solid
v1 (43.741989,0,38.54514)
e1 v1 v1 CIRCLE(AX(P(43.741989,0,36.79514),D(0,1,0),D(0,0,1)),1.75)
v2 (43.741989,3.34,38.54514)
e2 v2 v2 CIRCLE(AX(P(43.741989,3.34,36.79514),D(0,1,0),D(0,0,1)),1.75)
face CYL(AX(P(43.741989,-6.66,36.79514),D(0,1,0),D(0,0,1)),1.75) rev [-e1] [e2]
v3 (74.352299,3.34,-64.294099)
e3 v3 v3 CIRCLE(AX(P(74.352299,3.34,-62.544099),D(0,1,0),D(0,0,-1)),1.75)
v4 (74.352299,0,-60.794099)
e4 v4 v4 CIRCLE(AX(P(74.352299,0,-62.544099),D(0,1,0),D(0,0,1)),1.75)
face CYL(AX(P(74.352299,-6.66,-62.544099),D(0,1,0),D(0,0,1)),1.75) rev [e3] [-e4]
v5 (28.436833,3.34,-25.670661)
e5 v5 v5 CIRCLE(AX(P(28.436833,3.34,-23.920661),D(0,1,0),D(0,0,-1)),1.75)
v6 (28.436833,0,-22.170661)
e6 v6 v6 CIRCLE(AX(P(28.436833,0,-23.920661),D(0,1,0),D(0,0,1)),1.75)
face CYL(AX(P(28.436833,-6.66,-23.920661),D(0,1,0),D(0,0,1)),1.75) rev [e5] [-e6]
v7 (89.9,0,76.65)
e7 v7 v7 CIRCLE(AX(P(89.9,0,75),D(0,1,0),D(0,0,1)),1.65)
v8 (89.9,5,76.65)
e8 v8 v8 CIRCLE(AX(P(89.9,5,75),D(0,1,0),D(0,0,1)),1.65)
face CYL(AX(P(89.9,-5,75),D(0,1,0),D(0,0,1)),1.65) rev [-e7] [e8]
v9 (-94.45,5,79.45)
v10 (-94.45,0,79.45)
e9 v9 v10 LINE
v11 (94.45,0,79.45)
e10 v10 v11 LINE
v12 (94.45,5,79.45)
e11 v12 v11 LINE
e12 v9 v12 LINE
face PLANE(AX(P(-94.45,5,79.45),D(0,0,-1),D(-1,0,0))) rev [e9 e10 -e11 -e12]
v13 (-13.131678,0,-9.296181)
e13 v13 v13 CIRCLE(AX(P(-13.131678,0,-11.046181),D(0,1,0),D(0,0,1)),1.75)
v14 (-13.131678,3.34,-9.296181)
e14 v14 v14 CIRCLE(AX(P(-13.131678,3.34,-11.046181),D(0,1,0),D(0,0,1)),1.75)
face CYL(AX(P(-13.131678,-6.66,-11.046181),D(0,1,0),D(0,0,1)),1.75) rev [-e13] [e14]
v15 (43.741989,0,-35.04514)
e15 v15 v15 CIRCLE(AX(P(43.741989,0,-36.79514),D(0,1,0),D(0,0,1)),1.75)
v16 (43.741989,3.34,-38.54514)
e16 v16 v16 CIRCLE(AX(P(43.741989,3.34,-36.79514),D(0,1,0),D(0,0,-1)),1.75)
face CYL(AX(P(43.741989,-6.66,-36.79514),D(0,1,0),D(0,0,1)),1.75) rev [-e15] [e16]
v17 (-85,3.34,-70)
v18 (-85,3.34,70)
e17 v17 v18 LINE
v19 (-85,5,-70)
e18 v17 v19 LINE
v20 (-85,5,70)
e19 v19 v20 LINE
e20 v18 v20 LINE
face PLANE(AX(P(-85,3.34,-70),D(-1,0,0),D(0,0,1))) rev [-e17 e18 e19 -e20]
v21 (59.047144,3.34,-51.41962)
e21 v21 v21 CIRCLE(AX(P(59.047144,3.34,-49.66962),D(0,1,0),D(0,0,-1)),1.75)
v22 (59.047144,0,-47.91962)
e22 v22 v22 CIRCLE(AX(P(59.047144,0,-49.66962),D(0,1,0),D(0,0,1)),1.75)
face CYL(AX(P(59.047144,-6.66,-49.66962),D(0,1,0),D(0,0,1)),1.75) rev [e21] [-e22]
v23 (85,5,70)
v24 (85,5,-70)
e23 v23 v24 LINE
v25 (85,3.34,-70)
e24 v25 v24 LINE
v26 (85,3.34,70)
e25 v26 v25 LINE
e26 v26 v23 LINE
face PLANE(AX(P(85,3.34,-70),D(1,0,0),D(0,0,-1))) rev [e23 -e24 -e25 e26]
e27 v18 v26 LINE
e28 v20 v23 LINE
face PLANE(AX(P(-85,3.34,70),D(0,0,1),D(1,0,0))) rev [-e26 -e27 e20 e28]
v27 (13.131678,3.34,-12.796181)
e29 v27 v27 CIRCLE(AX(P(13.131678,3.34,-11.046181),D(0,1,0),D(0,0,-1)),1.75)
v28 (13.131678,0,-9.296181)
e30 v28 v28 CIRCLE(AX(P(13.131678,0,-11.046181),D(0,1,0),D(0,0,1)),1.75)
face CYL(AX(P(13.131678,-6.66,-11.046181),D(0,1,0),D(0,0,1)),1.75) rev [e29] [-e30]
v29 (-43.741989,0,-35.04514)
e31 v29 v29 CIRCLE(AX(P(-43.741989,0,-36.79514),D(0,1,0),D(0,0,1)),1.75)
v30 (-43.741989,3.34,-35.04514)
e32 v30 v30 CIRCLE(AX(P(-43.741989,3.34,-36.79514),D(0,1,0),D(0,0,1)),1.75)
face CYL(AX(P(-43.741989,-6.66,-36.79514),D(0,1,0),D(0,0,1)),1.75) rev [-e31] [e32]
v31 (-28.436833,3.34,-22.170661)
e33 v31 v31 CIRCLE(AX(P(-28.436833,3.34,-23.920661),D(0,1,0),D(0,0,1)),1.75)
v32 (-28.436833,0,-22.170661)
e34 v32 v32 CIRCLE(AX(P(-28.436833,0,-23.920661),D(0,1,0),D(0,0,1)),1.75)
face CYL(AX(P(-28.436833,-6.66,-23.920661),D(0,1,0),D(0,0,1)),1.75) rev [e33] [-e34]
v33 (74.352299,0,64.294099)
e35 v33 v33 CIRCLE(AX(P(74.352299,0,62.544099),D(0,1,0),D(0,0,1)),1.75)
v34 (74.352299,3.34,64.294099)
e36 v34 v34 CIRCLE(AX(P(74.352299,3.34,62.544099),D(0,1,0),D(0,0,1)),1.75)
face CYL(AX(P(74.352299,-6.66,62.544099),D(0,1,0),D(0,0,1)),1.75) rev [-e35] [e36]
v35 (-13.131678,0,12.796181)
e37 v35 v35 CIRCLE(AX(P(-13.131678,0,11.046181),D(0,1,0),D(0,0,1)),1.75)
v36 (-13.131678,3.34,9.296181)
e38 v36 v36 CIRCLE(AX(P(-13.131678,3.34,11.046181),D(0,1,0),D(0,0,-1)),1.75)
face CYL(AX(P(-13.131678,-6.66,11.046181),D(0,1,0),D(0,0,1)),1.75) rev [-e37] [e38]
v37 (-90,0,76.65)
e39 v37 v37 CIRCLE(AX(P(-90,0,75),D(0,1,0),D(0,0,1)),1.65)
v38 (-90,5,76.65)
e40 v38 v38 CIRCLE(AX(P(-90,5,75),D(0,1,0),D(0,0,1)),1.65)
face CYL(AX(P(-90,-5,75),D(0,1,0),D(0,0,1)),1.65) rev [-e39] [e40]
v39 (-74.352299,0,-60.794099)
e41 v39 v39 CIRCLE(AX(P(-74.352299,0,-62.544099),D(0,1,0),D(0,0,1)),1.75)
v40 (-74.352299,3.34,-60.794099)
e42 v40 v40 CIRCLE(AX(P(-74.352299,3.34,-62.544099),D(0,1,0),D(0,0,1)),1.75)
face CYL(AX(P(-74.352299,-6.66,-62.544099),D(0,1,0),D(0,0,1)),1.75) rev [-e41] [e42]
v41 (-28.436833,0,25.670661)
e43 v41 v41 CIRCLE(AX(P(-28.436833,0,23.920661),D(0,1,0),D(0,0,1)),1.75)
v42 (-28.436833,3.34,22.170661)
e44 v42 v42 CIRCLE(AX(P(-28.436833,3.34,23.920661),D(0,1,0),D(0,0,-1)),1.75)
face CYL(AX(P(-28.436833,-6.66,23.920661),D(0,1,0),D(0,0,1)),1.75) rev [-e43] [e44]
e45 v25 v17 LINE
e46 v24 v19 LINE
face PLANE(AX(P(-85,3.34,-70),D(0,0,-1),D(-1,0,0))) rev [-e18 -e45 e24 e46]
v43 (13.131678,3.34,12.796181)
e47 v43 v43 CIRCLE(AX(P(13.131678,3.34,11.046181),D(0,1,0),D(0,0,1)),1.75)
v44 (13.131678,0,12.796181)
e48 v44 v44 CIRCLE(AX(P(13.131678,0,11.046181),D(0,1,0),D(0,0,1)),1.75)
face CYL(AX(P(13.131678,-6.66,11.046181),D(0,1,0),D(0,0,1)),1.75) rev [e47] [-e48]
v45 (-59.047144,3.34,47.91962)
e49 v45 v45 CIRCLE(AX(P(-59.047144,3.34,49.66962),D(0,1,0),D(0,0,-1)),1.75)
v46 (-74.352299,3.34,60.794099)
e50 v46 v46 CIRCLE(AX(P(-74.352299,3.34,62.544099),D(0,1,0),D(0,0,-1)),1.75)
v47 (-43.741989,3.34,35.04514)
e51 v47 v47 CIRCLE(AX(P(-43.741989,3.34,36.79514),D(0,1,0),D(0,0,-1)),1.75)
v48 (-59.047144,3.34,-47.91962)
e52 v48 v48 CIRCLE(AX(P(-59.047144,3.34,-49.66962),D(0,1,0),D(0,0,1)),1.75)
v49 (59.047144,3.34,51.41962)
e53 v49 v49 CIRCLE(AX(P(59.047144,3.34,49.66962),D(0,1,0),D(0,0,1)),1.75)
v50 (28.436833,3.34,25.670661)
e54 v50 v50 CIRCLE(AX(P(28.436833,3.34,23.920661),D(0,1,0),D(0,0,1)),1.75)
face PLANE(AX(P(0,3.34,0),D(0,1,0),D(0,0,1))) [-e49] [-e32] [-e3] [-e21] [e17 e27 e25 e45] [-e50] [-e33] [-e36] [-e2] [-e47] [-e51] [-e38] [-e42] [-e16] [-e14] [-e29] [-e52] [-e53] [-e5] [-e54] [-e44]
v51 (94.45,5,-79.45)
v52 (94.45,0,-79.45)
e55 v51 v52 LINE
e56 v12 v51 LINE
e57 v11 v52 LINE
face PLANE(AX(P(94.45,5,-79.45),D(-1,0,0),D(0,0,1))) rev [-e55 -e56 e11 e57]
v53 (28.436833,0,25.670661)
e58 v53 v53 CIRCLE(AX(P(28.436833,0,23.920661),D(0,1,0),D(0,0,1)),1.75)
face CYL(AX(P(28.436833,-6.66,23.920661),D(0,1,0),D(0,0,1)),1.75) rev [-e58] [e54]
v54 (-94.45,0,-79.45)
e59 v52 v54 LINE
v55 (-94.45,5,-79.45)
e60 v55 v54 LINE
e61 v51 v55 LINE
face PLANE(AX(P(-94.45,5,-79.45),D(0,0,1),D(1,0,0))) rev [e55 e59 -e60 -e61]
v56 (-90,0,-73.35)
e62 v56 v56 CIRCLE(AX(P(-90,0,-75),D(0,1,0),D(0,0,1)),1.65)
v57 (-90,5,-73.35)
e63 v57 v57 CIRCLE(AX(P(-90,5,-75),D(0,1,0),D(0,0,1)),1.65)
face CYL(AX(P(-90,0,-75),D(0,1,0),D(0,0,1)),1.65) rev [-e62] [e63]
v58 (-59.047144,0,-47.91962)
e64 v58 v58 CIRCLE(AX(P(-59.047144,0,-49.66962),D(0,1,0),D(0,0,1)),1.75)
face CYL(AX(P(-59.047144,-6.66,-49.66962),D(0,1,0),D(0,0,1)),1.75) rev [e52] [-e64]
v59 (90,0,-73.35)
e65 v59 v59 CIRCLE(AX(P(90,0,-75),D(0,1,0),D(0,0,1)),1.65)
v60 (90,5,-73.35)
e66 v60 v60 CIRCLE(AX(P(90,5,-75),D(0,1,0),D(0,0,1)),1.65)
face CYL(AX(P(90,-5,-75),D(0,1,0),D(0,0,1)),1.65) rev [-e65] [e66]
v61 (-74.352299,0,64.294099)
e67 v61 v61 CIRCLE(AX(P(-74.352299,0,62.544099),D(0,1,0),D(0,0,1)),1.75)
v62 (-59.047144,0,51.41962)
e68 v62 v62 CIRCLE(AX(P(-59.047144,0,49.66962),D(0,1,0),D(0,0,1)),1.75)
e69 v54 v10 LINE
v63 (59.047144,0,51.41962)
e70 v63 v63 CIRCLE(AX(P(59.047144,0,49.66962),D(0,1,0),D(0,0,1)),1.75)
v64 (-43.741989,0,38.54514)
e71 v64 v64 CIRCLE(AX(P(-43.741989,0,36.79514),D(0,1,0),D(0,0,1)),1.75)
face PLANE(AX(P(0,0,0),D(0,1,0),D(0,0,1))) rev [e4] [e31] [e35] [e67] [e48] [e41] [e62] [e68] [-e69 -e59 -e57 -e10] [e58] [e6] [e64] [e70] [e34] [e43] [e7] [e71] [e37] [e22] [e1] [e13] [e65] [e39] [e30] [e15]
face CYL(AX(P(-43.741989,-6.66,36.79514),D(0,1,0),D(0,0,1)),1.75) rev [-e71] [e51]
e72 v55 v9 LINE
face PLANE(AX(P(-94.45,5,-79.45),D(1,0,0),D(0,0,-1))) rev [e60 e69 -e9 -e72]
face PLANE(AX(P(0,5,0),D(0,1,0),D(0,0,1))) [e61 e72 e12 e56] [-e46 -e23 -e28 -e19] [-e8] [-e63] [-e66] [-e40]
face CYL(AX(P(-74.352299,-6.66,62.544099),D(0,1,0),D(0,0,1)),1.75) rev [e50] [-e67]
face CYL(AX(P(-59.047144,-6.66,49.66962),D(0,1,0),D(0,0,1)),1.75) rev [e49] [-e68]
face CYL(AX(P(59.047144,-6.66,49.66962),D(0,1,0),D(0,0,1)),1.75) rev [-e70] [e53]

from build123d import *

# Parameters (mm, degrees)
SKETCH1_W           = 188.9
SKETCH1_H           = 158.9
BOSS_EXTRUDE1_DEPTH = 5
SKETCH2_W           = 170
SKETCH2_H           = 140
CUT_EXTRUDE1_DEPTH  = 1.66
SKETCH3_R           = 1.65
CUT_EXTRUDE2_DEPTH  = 5
SKETCH6_R           = 1.65
CUT_EXTRUDE4_DEPTH  = 10
SKETCH7_R           = 1.75
CUT_EXTRUDE5_DEPTH  = 10


with BuildPart() as part:
    # Sketch1 → Boss-Extrude1 (new body)
    with BuildSketch(Plane(origin=(0, 0, 0), x_dir=(1, 0, 0), z_dir=(0, 1, 0))):
        Rectangle(SKETCH1_W, SKETCH1_H)
    extrude(amount=BOSS_EXTRUDE1_DEPTH)

    # Sketch2 → Cut-Extrude1 (cut)
    with BuildSketch(Plane(origin=(0, 5, 0), x_dir=(1, 0, 0), z_dir=(0, 1, 0))):
        Rectangle(SKETCH2_W, SKETCH2_H)
    extrude(amount=-CUT_EXTRUDE1_DEPTH, mode=Mode.SUBTRACT)

    # Sketch3 → Cut-Extrude2 (cut)
    with BuildSketch(Plane(origin=(0, 5, 0), x_dir=(1, 0, 0), z_dir=(0, 1, 0))):
        with Locations((-90, 75)):
            Circle(SKETCH3_R)
    extrude(amount=-CUT_EXTRUDE2_DEPTH, mode=Mode.SUBTRACT)

    # Sketch6 → Cut-Extrude4 (cut)
    with BuildSketch(Plane(origin=(0, 5, 0), x_dir=(1, 0, 0), z_dir=(0, 1, 0))):
        with Locations((-90, -75)):
            Circle(SKETCH6_R)
        with Locations((89.9, -75)):
            Circle(SKETCH6_R)
        with Locations((90, 75)):
            Circle(SKETCH6_R)
    extrude(amount=-CUT_EXTRUDE4_DEPTH, mode=Mode.SUBTRACT)

    # Sketch7 → Cut-Extrude5 (cut)
    with BuildSketch(Plane(origin=(0, 3.34, 0), x_dir=(1, 0, 0), z_dir=(0, 1, 0))):
        with Locations((-74.352299287, 62.544099294)):
            Circle(SKETCH7_R)
        with Locations((74.352299287, -62.544099294)):
            Circle(SKETCH7_R)
        with Locations((-59.047144008, 49.669619814)):
            Circle(SKETCH7_R)
        with Locations((-43.741988729, 36.795140334)):
            Circle(SKETCH7_R)
        with Locations((-28.43683345, 23.920660853)):
            Circle(SKETCH7_R)
        with Locations((-13.131678171, 11.046181373)):
            Circle(SKETCH7_R)
        with Locations((13.131678171, 11.046181373)):
            Circle(SKETCH7_R)
        with Locations((28.43683345, 23.920660853)):
            Circle(SKETCH7_R)
        with Locations((43.741988729, 36.795140334)):
            Circle(SKETCH7_R)
        with Locations((59.047144008, 49.669619814)):
            Circle(SKETCH7_R)
        with Locations((74.352299287, 62.544099294)):
            Circle(SKETCH7_R)
        with Locations((59.047144008, -49.669619814)):
            Circle(SKETCH7_R)
        with Locations((43.741988729, -36.795140334)):
            Circle(SKETCH7_R)
        with Locations((28.43683345, -23.920660853)):
            Circle(SKETCH7_R)
        with Locations((13.131678171, -11.046181373)):
            Circle(SKETCH7_R)
        with Locations((-13.131678171, -11.046181373)):
            Circle(SKETCH7_R)
        with Locations((-28.43683345, -23.920660853)):
            Circle(SKETCH7_R)
        with Locations((-43.741988729, -36.795140334)):
            Circle(SKETCH7_R)
        with Locations((-59.047144008, -49.669619814)):
            Circle(SKETCH7_R)
        with Locations((-74.352299287, -62.544099294)):
            Circle(SKETCH7_R)
    extrude(amount=-CUT_EXTRUDE5_DEPTH, mode=Mode.SUBTRACT)


solid = part.part
